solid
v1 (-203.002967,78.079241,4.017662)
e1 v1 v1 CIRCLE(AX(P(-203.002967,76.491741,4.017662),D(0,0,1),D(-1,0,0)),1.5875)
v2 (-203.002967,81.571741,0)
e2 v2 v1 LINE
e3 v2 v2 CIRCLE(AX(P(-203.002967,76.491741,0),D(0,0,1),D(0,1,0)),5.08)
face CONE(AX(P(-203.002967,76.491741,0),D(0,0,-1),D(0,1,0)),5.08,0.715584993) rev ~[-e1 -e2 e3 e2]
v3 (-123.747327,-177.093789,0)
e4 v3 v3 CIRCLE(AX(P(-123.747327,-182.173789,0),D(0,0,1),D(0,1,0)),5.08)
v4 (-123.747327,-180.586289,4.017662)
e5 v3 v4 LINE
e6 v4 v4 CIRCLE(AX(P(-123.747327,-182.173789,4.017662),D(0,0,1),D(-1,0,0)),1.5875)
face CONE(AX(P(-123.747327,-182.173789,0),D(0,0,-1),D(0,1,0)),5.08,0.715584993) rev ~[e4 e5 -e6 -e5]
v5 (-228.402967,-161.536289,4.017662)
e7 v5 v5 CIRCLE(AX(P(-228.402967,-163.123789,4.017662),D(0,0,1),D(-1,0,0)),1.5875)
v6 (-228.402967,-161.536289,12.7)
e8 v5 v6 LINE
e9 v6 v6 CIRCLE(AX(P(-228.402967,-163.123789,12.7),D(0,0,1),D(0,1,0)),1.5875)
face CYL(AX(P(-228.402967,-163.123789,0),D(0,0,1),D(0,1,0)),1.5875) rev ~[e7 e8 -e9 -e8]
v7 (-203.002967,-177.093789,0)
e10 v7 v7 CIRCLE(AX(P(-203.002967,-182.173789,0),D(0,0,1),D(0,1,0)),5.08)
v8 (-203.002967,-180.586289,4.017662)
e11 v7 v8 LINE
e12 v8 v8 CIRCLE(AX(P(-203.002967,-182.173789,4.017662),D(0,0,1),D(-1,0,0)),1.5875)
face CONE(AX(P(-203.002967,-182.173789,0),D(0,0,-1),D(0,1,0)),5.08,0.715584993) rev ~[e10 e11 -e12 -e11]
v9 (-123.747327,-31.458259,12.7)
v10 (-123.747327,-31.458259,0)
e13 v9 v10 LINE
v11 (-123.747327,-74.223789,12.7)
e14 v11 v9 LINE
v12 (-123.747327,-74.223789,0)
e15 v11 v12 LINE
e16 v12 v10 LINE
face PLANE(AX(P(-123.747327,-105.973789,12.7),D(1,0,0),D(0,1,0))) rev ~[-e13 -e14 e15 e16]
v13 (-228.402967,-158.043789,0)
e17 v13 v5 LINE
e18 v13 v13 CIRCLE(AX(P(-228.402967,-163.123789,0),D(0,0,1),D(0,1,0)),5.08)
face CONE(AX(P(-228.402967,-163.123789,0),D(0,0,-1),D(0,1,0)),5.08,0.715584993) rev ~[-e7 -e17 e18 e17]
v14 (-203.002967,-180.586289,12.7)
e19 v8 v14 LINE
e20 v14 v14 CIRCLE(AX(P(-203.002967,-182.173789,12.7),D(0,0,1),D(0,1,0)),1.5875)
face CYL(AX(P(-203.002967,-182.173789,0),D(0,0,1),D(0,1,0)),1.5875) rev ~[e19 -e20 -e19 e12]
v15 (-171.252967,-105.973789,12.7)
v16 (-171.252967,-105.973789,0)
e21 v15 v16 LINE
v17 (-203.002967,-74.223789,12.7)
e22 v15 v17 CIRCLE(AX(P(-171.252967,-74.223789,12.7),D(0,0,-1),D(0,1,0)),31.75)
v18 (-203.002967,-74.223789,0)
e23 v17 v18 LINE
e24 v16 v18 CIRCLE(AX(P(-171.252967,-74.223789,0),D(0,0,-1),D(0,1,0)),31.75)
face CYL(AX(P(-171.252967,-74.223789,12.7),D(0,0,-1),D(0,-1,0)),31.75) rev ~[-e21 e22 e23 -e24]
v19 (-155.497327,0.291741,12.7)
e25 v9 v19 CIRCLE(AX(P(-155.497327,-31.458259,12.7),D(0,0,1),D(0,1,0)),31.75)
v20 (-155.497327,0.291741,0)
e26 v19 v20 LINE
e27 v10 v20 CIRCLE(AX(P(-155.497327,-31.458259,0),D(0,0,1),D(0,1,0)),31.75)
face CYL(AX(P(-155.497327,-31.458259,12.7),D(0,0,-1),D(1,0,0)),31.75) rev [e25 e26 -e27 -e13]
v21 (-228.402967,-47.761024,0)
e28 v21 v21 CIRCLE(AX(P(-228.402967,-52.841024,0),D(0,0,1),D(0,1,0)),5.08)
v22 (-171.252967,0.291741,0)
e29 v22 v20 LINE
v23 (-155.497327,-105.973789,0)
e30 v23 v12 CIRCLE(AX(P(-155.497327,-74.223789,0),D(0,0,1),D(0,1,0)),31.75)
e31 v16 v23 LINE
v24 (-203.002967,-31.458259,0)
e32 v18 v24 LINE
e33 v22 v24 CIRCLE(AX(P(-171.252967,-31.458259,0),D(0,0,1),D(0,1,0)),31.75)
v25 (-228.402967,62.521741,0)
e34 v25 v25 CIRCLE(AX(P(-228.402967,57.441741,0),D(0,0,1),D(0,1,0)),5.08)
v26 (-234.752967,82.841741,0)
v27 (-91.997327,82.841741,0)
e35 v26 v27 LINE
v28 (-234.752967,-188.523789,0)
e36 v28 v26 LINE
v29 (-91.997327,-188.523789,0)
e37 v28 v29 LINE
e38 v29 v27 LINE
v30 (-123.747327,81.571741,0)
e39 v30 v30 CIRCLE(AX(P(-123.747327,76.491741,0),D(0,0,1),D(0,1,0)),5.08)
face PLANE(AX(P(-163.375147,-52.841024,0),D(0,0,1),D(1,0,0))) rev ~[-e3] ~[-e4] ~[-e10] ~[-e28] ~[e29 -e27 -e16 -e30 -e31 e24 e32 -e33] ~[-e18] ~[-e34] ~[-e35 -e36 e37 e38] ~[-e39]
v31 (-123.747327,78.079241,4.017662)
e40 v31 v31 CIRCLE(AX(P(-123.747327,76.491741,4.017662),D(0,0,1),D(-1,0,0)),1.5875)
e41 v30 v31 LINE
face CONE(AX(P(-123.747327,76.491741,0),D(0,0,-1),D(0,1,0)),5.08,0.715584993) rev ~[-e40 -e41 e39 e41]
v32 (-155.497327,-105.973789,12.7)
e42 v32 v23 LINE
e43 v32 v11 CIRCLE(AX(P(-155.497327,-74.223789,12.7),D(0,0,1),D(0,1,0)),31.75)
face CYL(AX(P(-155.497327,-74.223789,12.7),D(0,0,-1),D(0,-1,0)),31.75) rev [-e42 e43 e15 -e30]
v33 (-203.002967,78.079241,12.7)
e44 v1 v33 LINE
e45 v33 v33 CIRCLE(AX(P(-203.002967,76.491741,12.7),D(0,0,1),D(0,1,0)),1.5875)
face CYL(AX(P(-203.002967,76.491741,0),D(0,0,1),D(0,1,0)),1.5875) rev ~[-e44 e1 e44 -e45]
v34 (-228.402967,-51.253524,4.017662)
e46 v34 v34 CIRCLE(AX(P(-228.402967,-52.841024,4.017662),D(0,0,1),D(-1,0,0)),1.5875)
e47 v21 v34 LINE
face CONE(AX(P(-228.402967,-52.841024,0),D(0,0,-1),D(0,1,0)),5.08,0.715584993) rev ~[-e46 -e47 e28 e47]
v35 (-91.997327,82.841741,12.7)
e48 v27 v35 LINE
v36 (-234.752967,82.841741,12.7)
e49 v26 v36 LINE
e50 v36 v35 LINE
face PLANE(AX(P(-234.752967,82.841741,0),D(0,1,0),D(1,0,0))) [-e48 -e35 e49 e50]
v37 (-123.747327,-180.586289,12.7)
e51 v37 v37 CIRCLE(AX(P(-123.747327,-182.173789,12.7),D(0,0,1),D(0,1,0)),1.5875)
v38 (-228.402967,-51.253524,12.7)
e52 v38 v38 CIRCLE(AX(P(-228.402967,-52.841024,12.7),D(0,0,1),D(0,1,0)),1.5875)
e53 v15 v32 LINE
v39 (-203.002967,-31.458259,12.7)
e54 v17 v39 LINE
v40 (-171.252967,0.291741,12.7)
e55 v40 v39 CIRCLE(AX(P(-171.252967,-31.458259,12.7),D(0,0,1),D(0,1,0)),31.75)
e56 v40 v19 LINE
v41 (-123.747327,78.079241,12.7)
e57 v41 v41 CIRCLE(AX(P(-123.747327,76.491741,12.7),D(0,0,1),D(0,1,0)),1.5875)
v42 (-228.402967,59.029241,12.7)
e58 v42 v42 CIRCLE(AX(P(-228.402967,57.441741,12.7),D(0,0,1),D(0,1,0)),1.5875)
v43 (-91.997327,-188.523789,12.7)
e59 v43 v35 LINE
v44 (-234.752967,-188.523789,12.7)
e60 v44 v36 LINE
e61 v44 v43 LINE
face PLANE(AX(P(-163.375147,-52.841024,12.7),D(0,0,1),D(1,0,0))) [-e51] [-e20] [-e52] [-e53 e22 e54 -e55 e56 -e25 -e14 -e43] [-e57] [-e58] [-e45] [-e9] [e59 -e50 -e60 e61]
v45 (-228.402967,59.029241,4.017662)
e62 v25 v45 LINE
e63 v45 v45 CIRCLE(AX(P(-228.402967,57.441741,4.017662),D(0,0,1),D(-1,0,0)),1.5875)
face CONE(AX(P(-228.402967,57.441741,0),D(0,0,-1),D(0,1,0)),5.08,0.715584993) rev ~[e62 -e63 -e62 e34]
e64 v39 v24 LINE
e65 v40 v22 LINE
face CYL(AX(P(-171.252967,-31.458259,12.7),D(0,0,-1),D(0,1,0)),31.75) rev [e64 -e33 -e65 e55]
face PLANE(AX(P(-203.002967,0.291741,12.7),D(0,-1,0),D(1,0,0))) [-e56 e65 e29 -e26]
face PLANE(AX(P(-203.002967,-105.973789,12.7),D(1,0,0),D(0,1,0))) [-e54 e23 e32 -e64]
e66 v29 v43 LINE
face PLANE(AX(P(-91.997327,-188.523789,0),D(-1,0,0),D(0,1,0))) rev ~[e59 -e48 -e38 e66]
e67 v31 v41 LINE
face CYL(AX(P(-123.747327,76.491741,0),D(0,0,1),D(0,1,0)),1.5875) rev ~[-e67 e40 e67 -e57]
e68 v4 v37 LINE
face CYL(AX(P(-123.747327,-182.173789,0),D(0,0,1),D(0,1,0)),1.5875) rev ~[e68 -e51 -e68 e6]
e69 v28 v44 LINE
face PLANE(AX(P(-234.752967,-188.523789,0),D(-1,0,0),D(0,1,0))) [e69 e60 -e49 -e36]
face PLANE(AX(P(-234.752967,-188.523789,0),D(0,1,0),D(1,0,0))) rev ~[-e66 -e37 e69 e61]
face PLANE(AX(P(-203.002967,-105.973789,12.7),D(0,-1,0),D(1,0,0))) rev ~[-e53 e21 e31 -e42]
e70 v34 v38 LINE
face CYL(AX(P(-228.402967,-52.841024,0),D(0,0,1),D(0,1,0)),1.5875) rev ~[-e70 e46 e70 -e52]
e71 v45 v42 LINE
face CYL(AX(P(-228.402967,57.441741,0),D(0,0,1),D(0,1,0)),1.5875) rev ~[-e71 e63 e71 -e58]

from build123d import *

# Parameters (mm, degrees)
SKETCH1_W           = 142.755639788
SKETCH1_H           = 271.365530146
BOSS_EXTRUDE1_DEPTH = 12.7
HOLE1_D             = 3.175
HOLE1_DEPTH         = 31.75
HOLE1_CSINK_D       = 10.16
HOLE1_CSINK_ANGLE   = 82
HOLE1_TIP           = 0.953866233
SKETCH4_W           = 79.255639788
SKETCH4_H           = 106.265530146
CUT_EXTRUDE1_DEPTH  = 302.349406056
FILLET1_R           = 31.75


with BuildPart() as part:
    # Sketch1 → Boss-Extrude1 (new body)
    with BuildSketch(Plane.XY):
        with Locations((-163.375147287, -52.841023691)):
            Rectangle(SKETCH1_W, SKETCH1_H)
    extrude(amount=BOSS_EXTRUDE1_DEPTH)

    # Hole1
    with Locations(Plane(origin=(181.039434513, -52.974999997, 0), x_dir=(0, -1, 0), z_dir=(0, 0, -1))):
        with Locations((129.198788767, 384.042401694), (-129.466741379, 384.042401694), (-129.466741379, 304.786761906), (-110.416741379, 409.442401694), (-0.133976306, 409.442401694), (110.148788767, 409.442401694), (129.198788767, 304.786761906)):
            CounterSinkHole(HOLE1_D / 2, HOLE1_CSINK_D / 2, depth=HOLE1_DEPTH, counter_sink_angle=HOLE1_CSINK_ANGLE)
            with Locations((0, 0, -(HOLE1_DEPTH + HOLE1_TIP / 2))):  # 118° drill point
                Cone(0, HOLE1_D / 2, HOLE1_TIP, mode=Mode.SUBTRACT)

    # Sketch4 → Cut-Extrude1 (cut, through all)
    with BuildSketch(Plane.XY.offset(12.7)):
        with Locations((-163.375147287, -52.841023691)):
            Rectangle(SKETCH4_W, SKETCH4_H)
    extrude(amount=-CUT_EXTRUDE1_DEPTH, mode=Mode.SUBTRACT)

    # Fillet1
    fillet1_edges = [part.edges().sort_by_distance(p)[0] for p in [
        (-203.002967181, -105.973788764, 6.35),
        (-203.002967181, 0.291741382, 6.35),
        (-123.747327393, 0.291741382, 6.35),
        (-123.747327393, -105.973788764, 6.35),
    ]]
    fillet(fillet1_edges, radius=FILLET1_R)


solid = part.part
